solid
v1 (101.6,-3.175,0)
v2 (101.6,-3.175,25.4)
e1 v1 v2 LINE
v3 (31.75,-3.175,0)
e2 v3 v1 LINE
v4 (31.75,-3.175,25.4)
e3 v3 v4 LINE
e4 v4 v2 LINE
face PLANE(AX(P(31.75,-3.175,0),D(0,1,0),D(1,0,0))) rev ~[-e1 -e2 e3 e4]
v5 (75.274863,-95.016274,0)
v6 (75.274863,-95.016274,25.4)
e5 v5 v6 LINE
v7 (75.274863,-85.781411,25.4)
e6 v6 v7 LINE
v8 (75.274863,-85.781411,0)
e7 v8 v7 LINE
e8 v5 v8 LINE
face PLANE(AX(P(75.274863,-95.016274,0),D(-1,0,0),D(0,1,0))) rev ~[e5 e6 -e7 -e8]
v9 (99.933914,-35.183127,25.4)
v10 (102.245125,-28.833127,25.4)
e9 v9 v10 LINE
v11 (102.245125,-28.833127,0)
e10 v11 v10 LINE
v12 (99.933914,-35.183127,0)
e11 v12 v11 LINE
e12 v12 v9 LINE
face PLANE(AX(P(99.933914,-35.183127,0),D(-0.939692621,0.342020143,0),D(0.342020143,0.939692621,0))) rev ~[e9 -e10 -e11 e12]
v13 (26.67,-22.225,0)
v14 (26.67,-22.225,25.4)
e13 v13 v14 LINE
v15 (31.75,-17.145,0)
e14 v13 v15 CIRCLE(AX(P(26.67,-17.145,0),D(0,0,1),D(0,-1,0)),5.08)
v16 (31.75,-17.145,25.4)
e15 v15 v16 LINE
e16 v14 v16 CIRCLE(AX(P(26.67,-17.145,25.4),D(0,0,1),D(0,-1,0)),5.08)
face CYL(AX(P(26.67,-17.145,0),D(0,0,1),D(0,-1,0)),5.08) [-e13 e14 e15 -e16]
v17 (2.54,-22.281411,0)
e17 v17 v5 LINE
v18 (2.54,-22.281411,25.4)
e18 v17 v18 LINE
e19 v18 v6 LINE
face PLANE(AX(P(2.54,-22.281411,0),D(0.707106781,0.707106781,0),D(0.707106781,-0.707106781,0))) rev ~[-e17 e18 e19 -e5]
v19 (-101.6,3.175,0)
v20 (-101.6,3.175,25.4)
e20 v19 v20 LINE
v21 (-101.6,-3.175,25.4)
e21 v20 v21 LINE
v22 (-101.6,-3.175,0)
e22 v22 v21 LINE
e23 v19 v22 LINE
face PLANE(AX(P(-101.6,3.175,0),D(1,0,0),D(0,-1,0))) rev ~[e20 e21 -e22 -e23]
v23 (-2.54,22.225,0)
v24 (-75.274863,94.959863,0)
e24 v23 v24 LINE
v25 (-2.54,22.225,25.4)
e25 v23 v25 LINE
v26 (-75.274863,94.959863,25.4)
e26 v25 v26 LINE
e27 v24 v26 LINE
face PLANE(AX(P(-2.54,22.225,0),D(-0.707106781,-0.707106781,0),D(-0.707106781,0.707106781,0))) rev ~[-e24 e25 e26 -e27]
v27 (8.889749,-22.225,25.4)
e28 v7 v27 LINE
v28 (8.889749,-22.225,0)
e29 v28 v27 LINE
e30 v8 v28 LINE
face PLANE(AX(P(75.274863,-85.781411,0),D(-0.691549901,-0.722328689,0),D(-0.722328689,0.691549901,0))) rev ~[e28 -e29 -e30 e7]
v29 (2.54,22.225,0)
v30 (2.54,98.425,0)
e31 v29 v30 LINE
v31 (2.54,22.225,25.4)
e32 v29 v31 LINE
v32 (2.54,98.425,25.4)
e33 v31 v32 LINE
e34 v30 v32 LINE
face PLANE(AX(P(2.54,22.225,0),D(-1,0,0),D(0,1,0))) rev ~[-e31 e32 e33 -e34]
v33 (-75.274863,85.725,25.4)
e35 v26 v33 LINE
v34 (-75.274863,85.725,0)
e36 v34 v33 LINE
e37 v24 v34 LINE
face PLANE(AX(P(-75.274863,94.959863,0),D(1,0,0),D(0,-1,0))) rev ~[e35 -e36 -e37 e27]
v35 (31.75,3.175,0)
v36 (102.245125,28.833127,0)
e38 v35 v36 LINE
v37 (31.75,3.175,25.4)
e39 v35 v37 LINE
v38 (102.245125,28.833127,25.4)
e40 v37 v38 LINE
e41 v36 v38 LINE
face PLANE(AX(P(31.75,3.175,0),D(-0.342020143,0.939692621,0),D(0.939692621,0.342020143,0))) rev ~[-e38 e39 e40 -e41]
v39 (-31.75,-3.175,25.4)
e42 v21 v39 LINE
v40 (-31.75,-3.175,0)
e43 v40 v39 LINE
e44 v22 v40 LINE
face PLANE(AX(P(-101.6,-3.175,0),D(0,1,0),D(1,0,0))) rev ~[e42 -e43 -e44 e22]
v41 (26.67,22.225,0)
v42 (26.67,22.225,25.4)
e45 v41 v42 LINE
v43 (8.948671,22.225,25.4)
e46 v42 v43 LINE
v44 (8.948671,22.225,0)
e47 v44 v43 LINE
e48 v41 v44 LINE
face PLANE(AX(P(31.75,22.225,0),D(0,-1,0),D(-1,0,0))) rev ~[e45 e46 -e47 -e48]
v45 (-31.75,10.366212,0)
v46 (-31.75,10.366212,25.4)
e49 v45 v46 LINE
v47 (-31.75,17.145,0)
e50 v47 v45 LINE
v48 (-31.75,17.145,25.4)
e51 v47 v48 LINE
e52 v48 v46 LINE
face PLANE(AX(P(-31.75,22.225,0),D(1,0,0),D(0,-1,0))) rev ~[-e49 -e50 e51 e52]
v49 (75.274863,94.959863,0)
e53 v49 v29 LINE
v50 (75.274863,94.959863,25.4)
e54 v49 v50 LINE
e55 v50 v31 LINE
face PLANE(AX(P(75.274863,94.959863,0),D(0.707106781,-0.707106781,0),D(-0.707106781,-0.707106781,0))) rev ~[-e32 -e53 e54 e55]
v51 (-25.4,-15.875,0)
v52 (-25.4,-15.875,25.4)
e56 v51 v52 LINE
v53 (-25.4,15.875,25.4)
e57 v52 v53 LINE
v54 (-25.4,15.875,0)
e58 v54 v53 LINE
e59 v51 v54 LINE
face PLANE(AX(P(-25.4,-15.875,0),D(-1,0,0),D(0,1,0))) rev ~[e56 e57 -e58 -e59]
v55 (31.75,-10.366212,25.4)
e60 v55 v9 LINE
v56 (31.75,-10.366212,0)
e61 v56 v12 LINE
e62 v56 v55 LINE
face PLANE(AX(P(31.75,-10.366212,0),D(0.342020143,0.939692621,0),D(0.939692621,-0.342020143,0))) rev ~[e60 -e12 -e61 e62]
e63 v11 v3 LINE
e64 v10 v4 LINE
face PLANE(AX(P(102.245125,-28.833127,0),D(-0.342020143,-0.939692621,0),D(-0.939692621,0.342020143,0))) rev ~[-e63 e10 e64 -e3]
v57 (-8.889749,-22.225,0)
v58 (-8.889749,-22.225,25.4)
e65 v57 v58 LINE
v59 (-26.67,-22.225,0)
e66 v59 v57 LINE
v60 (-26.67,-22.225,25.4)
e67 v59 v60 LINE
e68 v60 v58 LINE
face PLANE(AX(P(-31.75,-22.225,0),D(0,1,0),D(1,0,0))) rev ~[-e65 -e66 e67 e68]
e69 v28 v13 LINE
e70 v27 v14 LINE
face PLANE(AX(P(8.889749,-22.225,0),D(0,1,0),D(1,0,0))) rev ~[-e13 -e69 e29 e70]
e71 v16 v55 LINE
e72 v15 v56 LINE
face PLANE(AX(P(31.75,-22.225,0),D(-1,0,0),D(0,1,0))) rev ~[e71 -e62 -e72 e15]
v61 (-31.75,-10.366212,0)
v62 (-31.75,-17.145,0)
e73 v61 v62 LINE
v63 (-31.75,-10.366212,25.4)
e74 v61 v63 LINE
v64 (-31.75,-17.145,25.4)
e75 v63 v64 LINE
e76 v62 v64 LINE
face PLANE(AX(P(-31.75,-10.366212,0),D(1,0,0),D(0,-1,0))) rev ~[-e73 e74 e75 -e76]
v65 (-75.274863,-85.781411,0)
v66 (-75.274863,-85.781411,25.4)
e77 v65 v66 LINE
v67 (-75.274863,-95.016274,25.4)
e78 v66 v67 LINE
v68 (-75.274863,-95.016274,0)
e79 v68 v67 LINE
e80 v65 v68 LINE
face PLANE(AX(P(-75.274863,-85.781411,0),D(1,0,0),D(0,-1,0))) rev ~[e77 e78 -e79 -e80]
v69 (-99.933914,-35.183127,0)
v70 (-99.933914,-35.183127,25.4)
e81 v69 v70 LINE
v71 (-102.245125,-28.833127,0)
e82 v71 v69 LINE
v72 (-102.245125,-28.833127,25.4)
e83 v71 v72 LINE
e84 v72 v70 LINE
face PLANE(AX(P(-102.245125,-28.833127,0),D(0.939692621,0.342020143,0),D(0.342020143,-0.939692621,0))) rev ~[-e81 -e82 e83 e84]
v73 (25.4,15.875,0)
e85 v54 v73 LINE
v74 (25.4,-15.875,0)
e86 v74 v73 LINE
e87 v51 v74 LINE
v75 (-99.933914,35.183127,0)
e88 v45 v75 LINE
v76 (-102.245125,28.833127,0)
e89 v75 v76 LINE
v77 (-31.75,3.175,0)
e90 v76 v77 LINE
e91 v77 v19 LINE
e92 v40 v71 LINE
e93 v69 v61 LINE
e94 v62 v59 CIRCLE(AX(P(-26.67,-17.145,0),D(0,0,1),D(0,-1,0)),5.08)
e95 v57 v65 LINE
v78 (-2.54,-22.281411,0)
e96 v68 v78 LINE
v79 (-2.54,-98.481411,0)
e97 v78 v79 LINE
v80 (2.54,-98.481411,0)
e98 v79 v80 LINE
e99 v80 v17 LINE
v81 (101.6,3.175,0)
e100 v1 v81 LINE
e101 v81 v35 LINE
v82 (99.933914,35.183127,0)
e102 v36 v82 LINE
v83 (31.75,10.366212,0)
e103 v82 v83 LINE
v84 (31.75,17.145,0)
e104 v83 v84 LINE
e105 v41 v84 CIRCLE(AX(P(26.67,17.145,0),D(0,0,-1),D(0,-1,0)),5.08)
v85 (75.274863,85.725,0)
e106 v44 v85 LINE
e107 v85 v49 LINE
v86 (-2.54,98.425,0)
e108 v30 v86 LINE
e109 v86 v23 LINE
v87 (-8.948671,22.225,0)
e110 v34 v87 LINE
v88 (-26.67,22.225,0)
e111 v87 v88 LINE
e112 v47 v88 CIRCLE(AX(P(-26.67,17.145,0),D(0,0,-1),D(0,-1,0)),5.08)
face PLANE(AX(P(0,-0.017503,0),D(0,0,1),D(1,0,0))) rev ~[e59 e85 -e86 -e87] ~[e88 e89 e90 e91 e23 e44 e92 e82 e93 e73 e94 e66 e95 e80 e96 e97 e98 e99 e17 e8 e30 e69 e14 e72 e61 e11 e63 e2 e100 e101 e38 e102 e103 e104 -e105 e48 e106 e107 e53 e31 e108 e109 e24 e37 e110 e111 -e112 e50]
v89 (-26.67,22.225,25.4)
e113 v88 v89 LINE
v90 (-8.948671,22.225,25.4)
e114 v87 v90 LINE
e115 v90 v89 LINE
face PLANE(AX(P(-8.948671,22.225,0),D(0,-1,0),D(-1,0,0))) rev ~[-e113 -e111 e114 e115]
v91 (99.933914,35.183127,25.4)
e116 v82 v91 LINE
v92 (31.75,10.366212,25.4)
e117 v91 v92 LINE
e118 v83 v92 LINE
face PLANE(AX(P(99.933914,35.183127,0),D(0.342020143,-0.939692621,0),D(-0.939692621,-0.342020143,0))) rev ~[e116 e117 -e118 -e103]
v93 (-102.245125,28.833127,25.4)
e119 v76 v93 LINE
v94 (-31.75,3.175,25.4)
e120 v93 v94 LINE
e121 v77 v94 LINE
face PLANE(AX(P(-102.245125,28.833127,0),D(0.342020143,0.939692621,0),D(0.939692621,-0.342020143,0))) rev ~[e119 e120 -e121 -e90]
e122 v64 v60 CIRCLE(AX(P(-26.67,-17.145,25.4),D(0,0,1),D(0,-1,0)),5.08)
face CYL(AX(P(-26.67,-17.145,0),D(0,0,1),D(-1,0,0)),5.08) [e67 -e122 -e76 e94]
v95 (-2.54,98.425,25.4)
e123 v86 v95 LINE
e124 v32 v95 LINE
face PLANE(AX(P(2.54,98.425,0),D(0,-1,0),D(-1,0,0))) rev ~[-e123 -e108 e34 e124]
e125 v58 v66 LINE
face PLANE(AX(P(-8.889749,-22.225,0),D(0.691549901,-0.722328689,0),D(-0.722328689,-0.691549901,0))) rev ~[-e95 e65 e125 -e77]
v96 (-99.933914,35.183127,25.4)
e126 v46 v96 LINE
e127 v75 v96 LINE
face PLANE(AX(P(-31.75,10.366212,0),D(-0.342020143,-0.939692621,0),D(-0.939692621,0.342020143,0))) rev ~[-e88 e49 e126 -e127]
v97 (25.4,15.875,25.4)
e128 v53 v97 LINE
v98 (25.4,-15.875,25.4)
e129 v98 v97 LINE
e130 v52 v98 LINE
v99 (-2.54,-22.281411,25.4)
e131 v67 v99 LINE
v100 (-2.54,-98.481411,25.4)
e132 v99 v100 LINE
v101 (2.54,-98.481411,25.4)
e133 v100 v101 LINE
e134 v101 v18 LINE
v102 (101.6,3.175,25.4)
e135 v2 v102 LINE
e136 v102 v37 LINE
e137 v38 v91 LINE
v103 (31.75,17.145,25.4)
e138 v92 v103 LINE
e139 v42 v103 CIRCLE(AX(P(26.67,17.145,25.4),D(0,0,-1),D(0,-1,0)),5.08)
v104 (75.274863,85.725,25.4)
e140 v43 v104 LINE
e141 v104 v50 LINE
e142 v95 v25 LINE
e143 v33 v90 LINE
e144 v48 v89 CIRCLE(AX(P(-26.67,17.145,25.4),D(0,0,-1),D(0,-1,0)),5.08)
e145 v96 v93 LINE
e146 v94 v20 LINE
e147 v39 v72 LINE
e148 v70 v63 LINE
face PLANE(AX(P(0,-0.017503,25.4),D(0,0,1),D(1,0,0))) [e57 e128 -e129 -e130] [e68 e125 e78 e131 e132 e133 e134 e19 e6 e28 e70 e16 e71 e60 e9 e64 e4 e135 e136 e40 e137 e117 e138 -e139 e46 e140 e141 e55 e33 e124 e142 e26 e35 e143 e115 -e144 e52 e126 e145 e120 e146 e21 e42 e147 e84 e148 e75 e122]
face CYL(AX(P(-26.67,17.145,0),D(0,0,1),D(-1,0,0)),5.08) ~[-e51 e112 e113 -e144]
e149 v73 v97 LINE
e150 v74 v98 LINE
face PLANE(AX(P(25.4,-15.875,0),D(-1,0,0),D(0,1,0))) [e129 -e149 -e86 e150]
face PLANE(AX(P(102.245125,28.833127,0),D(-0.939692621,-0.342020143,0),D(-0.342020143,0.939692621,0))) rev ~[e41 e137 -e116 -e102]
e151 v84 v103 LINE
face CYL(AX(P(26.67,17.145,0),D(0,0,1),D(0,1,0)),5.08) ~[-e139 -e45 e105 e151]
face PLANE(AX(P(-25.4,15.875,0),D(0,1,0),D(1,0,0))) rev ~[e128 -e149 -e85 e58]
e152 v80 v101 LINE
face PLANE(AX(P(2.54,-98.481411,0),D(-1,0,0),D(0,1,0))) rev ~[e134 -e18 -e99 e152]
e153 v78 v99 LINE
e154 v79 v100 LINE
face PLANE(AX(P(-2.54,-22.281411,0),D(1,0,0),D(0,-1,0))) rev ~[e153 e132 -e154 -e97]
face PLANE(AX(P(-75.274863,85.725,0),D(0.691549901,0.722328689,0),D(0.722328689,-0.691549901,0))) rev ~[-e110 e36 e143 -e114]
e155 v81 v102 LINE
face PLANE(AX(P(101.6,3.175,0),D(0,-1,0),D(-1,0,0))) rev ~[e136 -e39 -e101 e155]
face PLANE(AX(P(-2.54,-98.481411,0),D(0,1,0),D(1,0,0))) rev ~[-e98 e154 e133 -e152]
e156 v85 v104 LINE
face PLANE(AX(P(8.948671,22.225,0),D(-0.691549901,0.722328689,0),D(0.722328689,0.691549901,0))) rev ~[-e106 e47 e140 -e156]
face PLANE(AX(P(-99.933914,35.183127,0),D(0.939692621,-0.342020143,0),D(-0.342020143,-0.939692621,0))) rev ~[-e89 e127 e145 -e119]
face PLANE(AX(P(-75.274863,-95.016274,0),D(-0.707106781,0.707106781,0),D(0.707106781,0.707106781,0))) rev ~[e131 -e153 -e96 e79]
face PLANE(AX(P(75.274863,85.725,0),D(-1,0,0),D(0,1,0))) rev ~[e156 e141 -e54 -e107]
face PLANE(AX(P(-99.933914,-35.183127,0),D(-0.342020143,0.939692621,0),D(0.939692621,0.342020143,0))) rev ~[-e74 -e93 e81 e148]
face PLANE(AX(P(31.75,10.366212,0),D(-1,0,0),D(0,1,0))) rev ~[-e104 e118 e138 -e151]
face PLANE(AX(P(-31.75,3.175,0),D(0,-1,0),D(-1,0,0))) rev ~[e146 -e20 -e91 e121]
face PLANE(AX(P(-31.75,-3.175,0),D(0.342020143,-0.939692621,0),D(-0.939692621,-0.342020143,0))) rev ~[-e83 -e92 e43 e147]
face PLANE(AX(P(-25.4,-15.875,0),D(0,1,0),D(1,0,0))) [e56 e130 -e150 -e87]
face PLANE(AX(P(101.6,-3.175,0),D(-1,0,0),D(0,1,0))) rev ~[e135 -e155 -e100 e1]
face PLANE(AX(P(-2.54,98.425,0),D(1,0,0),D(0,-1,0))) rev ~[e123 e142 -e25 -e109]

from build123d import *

# Parameters (mm, degrees)
SKETCH1_W           = 50.8
SKETCH1_H           = 31.75
BOSS_EXTRUDE1_DEPTH = 25.4
FILLET1_R           = 5.08


with BuildPart() as part:
    # Sketch1 → Boss-Extrude1 (new body)
    with BuildSketch(Plane.XY):
        Polygon((-101.6, -3.175), (-31.75, -3.175), (-102.245124878, -28.833127117), (-99.933913891, -35.183127117), (-31.75, -10.366212005), (-31.75, -22.225), (-8.889749428, -22.225), (-75.27486339, -85.781410988), (-75.27486339, -95.016274378), (-2.54, -22.281410988), (-2.54, -98.481410988), (2.54, -98.481410988), (2.54, -22.281410988), (75.27486339, -95.016274378), (75.27486339, -85.781410988), (8.889749428, -22.225), (31.75, -22.225), (31.75, -10.366212005), (99.933913891, -35.183127117), (102.245124878, -28.833127117), (31.75, -3.175), (101.6, -3.175), (101.6, 3.175), (31.75, 3.175), (102.245124878, 28.833127117), (99.933913891, 35.183127117), (31.75, 10.366212005), (31.75, 22.225), (8.948671098, 22.225), (75.27486339, 85.725), (75.27486339, 94.95986339), (2.54, 22.225), (2.54, 98.425), (-2.54, 98.425), (-2.54, 22.225), (-75.27486339, 94.95986339), (-75.27486339, 85.725), (-8.948671098, 22.225), (-31.75, 22.225), (-31.75, 10.366212005), (-99.933913891, 35.183127117), (-102.245124878, 28.833127117), (-31.75, 3.175), (-101.6, 3.175), align=None)
        Rectangle(SKETCH1_W, SKETCH1_H, mode=Mode.SUBTRACT)
    extrude(amount=BOSS_EXTRUDE1_DEPTH)

    # Fillet1
    fillet1_edges = [part.edges().sort_by_distance(p)[0] for p in [
        (31.75, -22.225, 12.7),
        (-31.75, -22.225, 12.7),
        (-31.75, 22.225, 12.7),
        (31.75, 22.225, 12.7),
    ]]
    fillet(fillet1_edges, radius=FILLET1_R)


solid = part.part
